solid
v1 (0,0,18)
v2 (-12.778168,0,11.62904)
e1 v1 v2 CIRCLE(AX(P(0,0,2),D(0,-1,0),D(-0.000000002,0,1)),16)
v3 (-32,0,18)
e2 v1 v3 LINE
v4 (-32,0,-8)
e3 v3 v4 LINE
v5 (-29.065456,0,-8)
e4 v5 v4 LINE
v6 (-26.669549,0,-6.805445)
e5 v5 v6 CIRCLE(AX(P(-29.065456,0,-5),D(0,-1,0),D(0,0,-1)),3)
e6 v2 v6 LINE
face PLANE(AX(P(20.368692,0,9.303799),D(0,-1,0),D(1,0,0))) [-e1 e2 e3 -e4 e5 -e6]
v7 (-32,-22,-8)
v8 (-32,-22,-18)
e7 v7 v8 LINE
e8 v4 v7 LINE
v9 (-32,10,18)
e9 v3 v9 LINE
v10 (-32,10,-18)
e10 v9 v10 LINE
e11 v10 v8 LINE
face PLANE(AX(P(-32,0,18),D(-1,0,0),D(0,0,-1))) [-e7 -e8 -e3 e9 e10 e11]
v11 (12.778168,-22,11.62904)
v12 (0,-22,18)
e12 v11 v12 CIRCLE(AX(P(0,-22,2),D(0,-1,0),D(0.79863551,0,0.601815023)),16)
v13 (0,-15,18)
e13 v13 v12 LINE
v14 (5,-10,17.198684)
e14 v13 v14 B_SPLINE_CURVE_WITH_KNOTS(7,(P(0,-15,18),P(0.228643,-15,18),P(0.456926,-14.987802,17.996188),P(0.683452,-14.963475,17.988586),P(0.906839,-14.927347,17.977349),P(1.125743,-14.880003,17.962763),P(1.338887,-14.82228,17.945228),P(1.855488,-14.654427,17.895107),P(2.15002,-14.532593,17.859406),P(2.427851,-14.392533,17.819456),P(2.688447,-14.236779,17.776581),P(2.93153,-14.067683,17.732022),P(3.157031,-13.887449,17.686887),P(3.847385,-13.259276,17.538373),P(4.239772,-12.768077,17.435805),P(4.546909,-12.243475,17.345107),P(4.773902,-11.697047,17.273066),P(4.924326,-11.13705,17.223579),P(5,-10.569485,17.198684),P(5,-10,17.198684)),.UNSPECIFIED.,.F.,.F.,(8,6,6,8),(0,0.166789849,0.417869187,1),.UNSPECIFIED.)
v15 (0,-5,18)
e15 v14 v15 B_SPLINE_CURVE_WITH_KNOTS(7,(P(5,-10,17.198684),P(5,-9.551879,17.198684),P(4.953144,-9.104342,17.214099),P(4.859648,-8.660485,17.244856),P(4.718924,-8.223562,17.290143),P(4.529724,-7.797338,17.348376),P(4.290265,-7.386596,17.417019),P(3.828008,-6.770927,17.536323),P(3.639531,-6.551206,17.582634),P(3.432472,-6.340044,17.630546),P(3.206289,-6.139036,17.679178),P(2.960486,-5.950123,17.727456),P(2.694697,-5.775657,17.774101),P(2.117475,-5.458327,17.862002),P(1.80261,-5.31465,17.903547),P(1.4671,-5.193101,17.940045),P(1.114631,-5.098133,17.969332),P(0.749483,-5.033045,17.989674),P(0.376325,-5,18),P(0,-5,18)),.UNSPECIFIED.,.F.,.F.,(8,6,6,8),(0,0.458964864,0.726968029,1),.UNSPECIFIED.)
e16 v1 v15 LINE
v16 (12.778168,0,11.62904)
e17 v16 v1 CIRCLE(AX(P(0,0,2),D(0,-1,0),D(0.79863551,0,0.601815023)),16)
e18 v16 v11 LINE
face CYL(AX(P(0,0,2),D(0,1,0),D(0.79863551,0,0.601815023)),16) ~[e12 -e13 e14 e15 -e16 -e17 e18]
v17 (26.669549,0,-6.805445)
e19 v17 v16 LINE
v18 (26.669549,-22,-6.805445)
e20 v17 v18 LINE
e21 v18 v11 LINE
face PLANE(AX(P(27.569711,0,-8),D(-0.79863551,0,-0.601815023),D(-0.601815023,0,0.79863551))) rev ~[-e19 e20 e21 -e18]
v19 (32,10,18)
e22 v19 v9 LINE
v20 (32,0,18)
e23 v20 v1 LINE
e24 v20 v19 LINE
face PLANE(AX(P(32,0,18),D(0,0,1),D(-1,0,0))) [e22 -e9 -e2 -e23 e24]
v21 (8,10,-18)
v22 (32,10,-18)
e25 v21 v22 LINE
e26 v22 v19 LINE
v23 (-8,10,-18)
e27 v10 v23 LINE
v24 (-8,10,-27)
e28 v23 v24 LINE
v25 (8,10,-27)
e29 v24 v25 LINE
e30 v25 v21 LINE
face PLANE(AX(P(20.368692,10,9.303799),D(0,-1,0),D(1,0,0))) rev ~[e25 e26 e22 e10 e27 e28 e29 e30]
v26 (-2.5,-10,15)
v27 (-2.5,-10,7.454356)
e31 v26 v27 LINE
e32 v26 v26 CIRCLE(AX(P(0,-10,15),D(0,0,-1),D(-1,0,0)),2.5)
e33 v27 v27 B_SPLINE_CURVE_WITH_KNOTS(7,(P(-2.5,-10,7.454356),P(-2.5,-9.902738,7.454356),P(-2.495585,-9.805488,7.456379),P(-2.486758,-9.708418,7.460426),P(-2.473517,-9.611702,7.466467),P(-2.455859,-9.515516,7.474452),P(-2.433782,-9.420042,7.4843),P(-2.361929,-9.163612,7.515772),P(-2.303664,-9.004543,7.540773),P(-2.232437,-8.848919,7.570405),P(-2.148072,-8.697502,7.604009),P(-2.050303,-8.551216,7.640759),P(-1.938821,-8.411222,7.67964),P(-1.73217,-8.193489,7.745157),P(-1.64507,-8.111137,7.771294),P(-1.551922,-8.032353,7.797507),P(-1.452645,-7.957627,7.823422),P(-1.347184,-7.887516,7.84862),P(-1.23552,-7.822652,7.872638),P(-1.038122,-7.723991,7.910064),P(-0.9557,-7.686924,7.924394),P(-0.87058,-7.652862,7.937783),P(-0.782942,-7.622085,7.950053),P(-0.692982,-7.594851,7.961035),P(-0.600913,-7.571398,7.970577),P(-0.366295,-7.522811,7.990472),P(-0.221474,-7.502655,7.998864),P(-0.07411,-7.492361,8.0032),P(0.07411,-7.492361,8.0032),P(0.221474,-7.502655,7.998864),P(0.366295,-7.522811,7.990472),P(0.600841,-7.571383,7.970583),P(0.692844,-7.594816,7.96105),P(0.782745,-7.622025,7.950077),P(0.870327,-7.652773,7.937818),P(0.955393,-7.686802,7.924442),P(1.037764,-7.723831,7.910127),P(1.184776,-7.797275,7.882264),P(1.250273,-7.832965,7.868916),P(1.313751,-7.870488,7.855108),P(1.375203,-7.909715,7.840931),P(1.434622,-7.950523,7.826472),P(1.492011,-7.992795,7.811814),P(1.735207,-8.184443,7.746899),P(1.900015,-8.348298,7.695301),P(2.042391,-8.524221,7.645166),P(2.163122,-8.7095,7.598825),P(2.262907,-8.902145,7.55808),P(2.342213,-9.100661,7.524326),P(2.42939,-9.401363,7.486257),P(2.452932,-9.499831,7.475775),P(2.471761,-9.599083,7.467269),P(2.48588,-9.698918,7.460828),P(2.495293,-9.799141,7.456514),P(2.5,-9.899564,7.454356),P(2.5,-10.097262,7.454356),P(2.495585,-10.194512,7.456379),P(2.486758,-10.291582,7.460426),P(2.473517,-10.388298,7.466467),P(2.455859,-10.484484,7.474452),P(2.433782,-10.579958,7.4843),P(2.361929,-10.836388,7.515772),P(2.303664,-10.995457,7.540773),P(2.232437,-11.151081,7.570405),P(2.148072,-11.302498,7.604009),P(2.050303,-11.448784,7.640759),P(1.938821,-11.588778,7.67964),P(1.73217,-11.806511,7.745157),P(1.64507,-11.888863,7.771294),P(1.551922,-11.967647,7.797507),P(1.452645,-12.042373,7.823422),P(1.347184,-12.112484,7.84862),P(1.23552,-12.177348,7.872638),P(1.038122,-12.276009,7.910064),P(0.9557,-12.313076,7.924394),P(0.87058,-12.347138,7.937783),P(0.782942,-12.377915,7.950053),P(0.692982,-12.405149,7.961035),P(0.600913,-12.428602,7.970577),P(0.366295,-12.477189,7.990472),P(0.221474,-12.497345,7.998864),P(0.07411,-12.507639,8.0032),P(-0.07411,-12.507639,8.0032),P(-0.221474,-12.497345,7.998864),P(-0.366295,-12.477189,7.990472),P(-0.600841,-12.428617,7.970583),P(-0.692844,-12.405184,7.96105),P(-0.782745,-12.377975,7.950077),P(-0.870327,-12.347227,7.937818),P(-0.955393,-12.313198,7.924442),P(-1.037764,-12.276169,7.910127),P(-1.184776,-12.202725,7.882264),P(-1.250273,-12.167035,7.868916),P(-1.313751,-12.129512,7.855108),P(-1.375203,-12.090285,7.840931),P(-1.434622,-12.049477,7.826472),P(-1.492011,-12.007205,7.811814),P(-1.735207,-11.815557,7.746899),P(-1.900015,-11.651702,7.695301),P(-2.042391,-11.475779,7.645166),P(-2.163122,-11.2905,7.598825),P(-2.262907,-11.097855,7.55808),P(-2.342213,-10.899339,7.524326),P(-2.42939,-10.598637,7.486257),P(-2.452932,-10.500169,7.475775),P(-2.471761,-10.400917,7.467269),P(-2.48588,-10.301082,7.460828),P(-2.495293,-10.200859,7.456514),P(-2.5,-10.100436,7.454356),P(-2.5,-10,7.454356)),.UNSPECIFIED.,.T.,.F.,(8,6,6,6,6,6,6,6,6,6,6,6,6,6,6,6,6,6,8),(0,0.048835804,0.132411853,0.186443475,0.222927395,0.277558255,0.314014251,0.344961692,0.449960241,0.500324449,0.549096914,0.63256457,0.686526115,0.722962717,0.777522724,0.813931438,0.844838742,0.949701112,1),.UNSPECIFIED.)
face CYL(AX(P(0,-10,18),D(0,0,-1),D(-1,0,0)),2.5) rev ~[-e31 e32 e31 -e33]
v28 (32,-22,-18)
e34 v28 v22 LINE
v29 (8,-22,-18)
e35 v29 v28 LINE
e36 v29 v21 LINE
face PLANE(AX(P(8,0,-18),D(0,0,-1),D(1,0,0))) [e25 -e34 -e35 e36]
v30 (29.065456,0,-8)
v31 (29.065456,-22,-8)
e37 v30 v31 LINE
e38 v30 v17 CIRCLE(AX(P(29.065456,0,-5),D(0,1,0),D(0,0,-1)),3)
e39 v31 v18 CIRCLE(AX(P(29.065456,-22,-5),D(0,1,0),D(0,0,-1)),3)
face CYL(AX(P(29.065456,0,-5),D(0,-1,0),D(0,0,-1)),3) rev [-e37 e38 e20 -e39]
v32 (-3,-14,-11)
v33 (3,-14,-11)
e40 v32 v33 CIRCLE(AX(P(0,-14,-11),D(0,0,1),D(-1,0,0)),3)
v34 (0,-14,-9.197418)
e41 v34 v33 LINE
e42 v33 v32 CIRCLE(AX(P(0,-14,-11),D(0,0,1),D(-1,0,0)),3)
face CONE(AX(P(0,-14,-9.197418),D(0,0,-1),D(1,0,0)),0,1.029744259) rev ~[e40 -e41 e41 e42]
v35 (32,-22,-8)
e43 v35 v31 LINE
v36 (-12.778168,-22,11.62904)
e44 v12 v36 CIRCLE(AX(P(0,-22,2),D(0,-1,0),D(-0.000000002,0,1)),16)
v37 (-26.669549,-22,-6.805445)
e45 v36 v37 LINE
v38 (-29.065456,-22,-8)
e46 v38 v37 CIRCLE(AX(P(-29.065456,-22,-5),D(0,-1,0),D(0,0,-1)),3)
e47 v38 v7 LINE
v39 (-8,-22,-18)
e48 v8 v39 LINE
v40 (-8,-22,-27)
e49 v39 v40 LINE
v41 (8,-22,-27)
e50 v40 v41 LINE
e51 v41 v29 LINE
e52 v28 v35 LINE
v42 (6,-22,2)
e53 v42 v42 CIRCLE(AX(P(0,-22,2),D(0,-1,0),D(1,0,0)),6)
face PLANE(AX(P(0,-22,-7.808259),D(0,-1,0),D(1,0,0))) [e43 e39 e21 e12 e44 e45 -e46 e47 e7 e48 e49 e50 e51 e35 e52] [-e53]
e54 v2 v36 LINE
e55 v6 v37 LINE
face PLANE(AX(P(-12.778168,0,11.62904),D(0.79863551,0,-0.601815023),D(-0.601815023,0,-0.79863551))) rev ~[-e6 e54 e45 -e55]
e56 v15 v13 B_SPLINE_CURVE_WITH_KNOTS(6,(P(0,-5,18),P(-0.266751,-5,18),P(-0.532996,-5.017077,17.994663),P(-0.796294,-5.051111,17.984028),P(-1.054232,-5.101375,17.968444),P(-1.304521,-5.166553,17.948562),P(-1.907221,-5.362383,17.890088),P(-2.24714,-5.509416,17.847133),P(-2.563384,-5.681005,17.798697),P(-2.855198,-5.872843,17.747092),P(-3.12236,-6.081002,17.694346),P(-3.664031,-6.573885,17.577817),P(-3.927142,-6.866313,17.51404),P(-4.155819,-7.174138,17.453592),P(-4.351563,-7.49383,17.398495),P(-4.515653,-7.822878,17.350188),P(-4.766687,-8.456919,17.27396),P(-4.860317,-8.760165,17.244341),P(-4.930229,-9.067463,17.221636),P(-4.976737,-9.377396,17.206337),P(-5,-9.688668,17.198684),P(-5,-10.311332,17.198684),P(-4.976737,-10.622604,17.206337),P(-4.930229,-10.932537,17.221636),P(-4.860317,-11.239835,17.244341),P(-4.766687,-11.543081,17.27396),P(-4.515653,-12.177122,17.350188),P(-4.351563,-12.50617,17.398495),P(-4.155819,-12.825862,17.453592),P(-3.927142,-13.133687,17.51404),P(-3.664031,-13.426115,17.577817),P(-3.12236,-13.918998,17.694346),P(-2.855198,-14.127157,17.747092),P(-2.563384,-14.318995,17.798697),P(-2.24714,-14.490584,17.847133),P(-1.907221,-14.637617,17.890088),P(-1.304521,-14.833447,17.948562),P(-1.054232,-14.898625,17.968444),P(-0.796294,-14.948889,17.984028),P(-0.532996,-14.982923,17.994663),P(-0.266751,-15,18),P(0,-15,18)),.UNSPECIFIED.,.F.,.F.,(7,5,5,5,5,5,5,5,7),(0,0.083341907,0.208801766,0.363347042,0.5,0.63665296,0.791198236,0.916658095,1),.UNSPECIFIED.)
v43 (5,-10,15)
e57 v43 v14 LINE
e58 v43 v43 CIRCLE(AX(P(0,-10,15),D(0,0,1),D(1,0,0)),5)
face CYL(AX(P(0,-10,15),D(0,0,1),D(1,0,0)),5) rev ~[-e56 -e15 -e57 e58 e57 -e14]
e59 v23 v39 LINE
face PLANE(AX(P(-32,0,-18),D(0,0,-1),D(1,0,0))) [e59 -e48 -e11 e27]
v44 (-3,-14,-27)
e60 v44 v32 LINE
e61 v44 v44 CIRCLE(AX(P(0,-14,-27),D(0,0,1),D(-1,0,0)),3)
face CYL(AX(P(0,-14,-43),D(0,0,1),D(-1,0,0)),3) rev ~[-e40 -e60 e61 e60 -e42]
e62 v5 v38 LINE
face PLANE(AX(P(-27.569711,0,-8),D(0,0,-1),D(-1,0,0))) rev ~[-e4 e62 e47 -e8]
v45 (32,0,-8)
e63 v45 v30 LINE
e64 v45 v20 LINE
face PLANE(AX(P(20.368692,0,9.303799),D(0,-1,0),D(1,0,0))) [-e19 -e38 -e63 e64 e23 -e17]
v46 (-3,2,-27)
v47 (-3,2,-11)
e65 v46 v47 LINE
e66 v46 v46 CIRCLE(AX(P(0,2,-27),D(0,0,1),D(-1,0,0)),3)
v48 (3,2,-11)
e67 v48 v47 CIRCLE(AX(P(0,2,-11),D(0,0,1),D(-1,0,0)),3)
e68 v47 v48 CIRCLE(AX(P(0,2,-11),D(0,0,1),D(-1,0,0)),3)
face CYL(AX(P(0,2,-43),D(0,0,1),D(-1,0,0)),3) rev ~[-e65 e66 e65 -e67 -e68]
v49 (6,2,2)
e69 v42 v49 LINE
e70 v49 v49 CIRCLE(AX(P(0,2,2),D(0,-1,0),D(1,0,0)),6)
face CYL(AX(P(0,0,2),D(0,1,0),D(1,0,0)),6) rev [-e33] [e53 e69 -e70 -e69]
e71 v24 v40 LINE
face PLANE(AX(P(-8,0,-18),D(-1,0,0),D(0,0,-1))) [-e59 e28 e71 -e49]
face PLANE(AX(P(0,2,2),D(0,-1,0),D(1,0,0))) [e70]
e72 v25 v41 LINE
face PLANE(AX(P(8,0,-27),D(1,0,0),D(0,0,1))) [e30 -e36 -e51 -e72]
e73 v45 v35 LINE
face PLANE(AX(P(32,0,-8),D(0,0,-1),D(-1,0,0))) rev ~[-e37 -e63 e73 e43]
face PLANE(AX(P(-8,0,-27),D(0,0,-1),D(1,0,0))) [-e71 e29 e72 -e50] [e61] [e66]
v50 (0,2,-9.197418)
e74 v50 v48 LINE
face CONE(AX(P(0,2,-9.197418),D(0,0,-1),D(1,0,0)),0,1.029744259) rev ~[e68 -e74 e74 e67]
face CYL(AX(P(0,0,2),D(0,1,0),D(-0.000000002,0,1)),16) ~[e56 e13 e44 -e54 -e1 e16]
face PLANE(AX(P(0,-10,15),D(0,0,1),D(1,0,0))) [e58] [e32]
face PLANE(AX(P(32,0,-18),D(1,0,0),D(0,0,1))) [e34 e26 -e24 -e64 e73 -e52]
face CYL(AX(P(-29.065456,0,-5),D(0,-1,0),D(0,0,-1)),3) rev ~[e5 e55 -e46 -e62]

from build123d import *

# Parameters (mm, degrees)
F0_R           = 6
F1_DEPTH       = 22
F2_DEPTH       = 10
F3_R           = 3
F5_D           = 5
F5_DEPTH       = 16
F5_CBORE_D     = 10
F5_CBORE_DEPTH = 3
F5_TIP         = 1.5021515476
F7_DEPTH       = 2
F8_D           = 6
F8_DEPTH       = 16
F8_TIP         = 1.8025818571


with BuildPart() as f1:
    # F0 (on Front) → F1 (new body)
    with BuildSketch(Plane.XZ):
        with BuildLine():
            ThreePointArc((12.7781681608, 11.6290403704), (7.1391649946, 16.3189497932), (-3.39e-08, 18))
            ThreePointArc((-3.39e-08, 18), (-7.1391650249, 16.3189497781), (-12.7781681608, 11.6290403704))
            Line((-12.7781681608, 11.6290403704), (-27.5697110315, -8))
            Line((-27.5697110315, -8), (-32, -8))
            Line((-32, -8), (-32, -18))
            Line((-32, -18), (-8, -18))
            Line((-8, -18), (-8, -27))
            Line((-8, -27), (8, -27))
            Line((8, -27), (8, -18))
            Line((8, -18), (32, -18))
            Line((32, -18), (32, -8))
            Line((32, -8), (27.5697110315, -8))
            Line((27.5697110315, -8), (12.7781681608, 11.6290403704))
        make_face()
        with Locations((0, 2)):
            Circle(F0_R, mode=Mode.SUBTRACT)
    extrude(amount=F1_DEPTH)

    # F0 (on Front) → F2 (join)
    with BuildSketch(Plane.XZ):
        with BuildLine():
            Line((32, -8), (32, 18))
            Line((32, 18), (-3.39e-08, 18))
            ThreePointArc((-3.39e-08, 18), (7.1391649946, 16.3189497932), (12.7781681608, 11.6290403704))
            Line((12.7781681608, 11.6290403704), (27.5697110315, -8))
            Line((27.5697110315, -8), (32, -8))
        make_face()
        with BuildLine():
            ThreePointArc((-12.7781681608, 11.6290403704), (-7.1391650249, 16.3189497781), (-3.39e-08, 18))
            Line((-3.39e-08, 18), (-32, 18))
            Line((-32, 18), (-32, -8))
            Line((-32, -8), (-27.5697110315, -8))
            Line((-27.5697110315, -8), (-12.7781681608, 11.6290403704))
        make_face()
        with BuildLine():
            ThreePointArc((12.7781681608, 11.6290403704), (7.1391649946, 16.3189497932), (-3.39e-08, 18))
            ThreePointArc((-3.39e-08, 18), (-7.1391650249, 16.3189497781), (-12.7781681608, 11.6290403704))
            Line((-12.7781681608, 11.6290403704), (-27.5697110315, -8))
            Line((-27.5697110315, -8), (-32, -8))
            Line((-32, -8), (-32, -18))
            Line((-32, -18), (-8, -18))
            Line((-8, -18), (-8, -27))
            Line((-8, -27), (8, -27))
            Line((8, -27), (8, -18))
            Line((8, -18), (32, -18))
            Line((32, -18), (32, -8))
            Line((32, -8), (27.5697110315, -8))
            Line((27.5697110315, -8), (12.7781681608, 11.6290403704))
        make_face()
        with Locations((0, 2)):
            Circle(F0_R, mode=Mode.SUBTRACT)
        with Locations((0, 2)):
            Circle(F0_R)
    extrude(amount=-F2_DEPTH)

    # F3
    f3_edges = [f1.edges().sort_by_distance(p)[0] for p in [
        (-27.569711, -11, -8),
        (27.569711, -11, -8),
    ]]
    fillet(f3_edges, radius=F3_R)

    # F5
    with Locations(Plane.XY.offset(18)):
        with Locations((0, -10)):
            CounterBoreHole(F5_D / 2, F5_CBORE_D / 2, F5_CBORE_DEPTH, depth=F5_DEPTH)
            with Locations((0, 0, -(F5_DEPTH + F5_TIP / 2))):  # 118° drill point
                Cone(0, F5_D / 2, F5_TIP, mode=Mode.SUBTRACT)

    # F0 (on Front) → F7 (cut)
    with BuildSketch(Plane.XZ):
        with Locations((0, 2)):
            Circle(F0_R)
    extrude(amount=-F7_DEPTH, mode=Mode.SUBTRACT)

    # F8
    with Locations(Plane(origin=(0, 0, -27), x_dir=(1, 0, 0), z_dir=(0, 0, -1))):
        with Locations((0, -2), (0, 14)):
            Hole(F8_D / 2, depth=F8_DEPTH)
            with Locations((0, 0, -(F8_DEPTH + F8_TIP / 2))):  # 118° drill point
                Cone(0, F8_D / 2, F8_TIP, mode=Mode.SUBTRACT)


solid = f1.part
